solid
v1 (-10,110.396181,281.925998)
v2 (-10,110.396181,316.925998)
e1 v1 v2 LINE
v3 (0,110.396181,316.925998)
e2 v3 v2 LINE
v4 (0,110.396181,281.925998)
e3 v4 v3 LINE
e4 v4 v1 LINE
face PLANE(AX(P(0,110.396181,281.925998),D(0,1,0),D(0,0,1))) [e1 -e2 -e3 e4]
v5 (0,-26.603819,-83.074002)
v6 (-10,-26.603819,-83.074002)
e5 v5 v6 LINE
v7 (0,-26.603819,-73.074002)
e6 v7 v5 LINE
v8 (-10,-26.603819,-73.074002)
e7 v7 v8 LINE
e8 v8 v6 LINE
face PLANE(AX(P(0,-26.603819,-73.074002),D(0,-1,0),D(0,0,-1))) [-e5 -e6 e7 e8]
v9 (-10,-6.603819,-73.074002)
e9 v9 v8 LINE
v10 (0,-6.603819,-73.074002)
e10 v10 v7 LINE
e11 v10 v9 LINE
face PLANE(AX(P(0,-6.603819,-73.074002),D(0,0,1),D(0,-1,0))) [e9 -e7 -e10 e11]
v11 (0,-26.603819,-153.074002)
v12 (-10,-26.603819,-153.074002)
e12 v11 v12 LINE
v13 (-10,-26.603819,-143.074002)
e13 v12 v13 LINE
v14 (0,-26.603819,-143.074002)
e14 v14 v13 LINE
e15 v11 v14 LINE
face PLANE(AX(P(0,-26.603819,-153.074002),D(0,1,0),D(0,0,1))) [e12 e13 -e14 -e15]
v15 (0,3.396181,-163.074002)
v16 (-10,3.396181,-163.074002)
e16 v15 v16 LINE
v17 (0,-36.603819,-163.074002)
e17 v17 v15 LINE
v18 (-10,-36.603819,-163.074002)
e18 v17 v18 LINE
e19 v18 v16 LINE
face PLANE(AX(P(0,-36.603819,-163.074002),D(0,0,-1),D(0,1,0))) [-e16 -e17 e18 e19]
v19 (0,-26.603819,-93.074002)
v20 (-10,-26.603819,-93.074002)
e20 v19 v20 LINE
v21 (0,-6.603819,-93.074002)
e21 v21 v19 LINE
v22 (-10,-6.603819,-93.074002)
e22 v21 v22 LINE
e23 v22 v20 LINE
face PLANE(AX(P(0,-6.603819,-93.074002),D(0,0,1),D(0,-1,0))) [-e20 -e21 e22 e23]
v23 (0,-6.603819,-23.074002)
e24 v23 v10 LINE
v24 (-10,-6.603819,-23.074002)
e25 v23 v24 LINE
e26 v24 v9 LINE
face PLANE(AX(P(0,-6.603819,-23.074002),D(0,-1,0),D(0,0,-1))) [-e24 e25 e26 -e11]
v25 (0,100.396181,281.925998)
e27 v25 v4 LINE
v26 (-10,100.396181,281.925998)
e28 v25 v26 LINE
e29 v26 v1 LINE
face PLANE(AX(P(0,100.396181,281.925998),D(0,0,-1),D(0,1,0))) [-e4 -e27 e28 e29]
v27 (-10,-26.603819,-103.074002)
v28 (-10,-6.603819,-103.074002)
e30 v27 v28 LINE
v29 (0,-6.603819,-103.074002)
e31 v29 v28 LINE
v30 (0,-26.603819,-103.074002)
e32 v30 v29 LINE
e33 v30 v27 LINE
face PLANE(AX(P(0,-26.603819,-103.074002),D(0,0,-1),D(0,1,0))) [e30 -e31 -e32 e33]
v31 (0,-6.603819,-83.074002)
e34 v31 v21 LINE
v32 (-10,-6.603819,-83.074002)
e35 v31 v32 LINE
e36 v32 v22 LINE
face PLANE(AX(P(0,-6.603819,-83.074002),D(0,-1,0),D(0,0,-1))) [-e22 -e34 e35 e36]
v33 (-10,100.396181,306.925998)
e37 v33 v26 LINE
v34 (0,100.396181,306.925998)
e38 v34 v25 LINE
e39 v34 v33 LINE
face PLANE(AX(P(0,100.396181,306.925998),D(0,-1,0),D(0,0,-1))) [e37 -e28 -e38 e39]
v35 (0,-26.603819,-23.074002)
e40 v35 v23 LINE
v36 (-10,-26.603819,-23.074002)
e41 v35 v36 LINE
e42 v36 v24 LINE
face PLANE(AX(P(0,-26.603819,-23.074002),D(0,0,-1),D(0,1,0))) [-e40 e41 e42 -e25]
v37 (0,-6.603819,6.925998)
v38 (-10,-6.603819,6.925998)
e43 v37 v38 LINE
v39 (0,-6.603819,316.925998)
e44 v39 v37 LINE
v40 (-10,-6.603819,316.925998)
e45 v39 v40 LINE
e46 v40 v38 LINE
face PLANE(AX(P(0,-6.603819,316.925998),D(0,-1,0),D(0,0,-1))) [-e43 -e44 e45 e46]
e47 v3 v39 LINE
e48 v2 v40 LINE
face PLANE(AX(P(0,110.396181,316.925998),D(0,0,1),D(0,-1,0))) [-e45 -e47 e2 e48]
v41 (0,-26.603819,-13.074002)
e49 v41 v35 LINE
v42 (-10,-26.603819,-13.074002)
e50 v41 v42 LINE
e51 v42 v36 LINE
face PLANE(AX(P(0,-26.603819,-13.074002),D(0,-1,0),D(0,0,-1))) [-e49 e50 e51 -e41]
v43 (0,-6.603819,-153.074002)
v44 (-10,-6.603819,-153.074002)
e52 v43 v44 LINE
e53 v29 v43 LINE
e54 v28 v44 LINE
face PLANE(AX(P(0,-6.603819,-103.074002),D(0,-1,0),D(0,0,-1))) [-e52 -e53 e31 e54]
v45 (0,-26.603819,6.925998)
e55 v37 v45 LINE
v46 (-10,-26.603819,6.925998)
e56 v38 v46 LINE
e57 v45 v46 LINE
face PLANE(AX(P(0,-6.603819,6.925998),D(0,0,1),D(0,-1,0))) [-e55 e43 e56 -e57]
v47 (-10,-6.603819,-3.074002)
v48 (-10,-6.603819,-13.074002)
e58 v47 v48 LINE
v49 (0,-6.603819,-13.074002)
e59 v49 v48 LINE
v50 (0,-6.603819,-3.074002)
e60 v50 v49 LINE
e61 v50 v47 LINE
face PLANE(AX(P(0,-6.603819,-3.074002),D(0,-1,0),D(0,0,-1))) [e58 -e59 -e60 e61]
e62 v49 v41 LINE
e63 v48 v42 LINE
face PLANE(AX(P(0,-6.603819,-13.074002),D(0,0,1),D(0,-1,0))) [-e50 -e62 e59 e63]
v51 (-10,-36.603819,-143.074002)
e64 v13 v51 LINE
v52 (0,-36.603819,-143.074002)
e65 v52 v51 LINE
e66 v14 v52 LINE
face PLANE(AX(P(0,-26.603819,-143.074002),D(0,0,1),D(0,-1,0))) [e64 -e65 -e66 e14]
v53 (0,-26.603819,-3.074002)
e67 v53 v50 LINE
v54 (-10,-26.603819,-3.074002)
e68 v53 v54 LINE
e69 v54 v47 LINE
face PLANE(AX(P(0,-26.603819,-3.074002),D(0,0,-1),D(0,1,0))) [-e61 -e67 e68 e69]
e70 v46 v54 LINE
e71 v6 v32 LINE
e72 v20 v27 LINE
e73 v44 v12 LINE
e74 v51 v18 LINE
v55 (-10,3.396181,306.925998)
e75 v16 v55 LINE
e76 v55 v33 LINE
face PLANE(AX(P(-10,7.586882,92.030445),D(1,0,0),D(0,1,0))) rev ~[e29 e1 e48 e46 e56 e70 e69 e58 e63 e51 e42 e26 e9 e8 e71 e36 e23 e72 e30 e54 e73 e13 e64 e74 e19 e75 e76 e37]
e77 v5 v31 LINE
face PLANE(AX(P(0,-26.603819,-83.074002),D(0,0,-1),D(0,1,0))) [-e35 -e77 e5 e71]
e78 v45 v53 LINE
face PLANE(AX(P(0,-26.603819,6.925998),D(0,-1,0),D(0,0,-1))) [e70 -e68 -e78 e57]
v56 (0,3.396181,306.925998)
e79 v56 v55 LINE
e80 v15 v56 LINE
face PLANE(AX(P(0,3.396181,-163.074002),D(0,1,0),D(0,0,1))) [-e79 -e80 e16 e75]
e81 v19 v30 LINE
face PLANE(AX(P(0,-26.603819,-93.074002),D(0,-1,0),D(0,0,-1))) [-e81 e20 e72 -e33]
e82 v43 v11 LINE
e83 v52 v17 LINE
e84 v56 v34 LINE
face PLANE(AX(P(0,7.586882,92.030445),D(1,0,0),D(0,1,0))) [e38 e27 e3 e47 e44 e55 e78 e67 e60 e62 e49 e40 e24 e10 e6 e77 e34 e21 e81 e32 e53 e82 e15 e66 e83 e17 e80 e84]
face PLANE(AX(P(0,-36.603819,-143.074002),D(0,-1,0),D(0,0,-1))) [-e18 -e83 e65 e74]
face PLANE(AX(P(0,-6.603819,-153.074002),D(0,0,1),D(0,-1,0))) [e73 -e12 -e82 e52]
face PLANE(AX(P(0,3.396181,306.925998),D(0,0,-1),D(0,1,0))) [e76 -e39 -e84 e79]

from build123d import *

# Parameters (mm, degrees)
F1_DEPTH = 10


with BuildPart() as f1:
    # F0 (on Right) → F1 (new body)
    with BuildSketch(Plane.YZ):
        Polygon((110.396181, 316.925998), (-6.603819, 316.925998), (-6.603819, 6.925998), (-26.603819, 6.925998), (-26.603819, -3.074002), (-6.603819, -3.074002), (-6.603819, -13.074002), (-26.603819, -13.074002), (-26.603819, -23.074002), (-6.603819, -23.074002), (-6.603819, -73.074002), (-26.603819, -73.074002), (-26.603819, -83.074002), (-6.603819, -83.074002), (-6.603819, -93.074002), (-26.603819, -93.074002), (-26.603819, -103.074002), (-6.603819, -103.074002), (-6.603819, -153.074002), (-26.603819, -153.074002), (-26.603819, -143.074002), (-36.603819, -143.074002), (-36.603819, -163.074002), (3.396181, -163.074002), (3.396181, 306.925998), (100.396181, 306.925998), (100.396181, 281.925998), (110.396181, 281.925998), align=None)
    extrude(amount=-F1_DEPTH)


solid = f1.part
